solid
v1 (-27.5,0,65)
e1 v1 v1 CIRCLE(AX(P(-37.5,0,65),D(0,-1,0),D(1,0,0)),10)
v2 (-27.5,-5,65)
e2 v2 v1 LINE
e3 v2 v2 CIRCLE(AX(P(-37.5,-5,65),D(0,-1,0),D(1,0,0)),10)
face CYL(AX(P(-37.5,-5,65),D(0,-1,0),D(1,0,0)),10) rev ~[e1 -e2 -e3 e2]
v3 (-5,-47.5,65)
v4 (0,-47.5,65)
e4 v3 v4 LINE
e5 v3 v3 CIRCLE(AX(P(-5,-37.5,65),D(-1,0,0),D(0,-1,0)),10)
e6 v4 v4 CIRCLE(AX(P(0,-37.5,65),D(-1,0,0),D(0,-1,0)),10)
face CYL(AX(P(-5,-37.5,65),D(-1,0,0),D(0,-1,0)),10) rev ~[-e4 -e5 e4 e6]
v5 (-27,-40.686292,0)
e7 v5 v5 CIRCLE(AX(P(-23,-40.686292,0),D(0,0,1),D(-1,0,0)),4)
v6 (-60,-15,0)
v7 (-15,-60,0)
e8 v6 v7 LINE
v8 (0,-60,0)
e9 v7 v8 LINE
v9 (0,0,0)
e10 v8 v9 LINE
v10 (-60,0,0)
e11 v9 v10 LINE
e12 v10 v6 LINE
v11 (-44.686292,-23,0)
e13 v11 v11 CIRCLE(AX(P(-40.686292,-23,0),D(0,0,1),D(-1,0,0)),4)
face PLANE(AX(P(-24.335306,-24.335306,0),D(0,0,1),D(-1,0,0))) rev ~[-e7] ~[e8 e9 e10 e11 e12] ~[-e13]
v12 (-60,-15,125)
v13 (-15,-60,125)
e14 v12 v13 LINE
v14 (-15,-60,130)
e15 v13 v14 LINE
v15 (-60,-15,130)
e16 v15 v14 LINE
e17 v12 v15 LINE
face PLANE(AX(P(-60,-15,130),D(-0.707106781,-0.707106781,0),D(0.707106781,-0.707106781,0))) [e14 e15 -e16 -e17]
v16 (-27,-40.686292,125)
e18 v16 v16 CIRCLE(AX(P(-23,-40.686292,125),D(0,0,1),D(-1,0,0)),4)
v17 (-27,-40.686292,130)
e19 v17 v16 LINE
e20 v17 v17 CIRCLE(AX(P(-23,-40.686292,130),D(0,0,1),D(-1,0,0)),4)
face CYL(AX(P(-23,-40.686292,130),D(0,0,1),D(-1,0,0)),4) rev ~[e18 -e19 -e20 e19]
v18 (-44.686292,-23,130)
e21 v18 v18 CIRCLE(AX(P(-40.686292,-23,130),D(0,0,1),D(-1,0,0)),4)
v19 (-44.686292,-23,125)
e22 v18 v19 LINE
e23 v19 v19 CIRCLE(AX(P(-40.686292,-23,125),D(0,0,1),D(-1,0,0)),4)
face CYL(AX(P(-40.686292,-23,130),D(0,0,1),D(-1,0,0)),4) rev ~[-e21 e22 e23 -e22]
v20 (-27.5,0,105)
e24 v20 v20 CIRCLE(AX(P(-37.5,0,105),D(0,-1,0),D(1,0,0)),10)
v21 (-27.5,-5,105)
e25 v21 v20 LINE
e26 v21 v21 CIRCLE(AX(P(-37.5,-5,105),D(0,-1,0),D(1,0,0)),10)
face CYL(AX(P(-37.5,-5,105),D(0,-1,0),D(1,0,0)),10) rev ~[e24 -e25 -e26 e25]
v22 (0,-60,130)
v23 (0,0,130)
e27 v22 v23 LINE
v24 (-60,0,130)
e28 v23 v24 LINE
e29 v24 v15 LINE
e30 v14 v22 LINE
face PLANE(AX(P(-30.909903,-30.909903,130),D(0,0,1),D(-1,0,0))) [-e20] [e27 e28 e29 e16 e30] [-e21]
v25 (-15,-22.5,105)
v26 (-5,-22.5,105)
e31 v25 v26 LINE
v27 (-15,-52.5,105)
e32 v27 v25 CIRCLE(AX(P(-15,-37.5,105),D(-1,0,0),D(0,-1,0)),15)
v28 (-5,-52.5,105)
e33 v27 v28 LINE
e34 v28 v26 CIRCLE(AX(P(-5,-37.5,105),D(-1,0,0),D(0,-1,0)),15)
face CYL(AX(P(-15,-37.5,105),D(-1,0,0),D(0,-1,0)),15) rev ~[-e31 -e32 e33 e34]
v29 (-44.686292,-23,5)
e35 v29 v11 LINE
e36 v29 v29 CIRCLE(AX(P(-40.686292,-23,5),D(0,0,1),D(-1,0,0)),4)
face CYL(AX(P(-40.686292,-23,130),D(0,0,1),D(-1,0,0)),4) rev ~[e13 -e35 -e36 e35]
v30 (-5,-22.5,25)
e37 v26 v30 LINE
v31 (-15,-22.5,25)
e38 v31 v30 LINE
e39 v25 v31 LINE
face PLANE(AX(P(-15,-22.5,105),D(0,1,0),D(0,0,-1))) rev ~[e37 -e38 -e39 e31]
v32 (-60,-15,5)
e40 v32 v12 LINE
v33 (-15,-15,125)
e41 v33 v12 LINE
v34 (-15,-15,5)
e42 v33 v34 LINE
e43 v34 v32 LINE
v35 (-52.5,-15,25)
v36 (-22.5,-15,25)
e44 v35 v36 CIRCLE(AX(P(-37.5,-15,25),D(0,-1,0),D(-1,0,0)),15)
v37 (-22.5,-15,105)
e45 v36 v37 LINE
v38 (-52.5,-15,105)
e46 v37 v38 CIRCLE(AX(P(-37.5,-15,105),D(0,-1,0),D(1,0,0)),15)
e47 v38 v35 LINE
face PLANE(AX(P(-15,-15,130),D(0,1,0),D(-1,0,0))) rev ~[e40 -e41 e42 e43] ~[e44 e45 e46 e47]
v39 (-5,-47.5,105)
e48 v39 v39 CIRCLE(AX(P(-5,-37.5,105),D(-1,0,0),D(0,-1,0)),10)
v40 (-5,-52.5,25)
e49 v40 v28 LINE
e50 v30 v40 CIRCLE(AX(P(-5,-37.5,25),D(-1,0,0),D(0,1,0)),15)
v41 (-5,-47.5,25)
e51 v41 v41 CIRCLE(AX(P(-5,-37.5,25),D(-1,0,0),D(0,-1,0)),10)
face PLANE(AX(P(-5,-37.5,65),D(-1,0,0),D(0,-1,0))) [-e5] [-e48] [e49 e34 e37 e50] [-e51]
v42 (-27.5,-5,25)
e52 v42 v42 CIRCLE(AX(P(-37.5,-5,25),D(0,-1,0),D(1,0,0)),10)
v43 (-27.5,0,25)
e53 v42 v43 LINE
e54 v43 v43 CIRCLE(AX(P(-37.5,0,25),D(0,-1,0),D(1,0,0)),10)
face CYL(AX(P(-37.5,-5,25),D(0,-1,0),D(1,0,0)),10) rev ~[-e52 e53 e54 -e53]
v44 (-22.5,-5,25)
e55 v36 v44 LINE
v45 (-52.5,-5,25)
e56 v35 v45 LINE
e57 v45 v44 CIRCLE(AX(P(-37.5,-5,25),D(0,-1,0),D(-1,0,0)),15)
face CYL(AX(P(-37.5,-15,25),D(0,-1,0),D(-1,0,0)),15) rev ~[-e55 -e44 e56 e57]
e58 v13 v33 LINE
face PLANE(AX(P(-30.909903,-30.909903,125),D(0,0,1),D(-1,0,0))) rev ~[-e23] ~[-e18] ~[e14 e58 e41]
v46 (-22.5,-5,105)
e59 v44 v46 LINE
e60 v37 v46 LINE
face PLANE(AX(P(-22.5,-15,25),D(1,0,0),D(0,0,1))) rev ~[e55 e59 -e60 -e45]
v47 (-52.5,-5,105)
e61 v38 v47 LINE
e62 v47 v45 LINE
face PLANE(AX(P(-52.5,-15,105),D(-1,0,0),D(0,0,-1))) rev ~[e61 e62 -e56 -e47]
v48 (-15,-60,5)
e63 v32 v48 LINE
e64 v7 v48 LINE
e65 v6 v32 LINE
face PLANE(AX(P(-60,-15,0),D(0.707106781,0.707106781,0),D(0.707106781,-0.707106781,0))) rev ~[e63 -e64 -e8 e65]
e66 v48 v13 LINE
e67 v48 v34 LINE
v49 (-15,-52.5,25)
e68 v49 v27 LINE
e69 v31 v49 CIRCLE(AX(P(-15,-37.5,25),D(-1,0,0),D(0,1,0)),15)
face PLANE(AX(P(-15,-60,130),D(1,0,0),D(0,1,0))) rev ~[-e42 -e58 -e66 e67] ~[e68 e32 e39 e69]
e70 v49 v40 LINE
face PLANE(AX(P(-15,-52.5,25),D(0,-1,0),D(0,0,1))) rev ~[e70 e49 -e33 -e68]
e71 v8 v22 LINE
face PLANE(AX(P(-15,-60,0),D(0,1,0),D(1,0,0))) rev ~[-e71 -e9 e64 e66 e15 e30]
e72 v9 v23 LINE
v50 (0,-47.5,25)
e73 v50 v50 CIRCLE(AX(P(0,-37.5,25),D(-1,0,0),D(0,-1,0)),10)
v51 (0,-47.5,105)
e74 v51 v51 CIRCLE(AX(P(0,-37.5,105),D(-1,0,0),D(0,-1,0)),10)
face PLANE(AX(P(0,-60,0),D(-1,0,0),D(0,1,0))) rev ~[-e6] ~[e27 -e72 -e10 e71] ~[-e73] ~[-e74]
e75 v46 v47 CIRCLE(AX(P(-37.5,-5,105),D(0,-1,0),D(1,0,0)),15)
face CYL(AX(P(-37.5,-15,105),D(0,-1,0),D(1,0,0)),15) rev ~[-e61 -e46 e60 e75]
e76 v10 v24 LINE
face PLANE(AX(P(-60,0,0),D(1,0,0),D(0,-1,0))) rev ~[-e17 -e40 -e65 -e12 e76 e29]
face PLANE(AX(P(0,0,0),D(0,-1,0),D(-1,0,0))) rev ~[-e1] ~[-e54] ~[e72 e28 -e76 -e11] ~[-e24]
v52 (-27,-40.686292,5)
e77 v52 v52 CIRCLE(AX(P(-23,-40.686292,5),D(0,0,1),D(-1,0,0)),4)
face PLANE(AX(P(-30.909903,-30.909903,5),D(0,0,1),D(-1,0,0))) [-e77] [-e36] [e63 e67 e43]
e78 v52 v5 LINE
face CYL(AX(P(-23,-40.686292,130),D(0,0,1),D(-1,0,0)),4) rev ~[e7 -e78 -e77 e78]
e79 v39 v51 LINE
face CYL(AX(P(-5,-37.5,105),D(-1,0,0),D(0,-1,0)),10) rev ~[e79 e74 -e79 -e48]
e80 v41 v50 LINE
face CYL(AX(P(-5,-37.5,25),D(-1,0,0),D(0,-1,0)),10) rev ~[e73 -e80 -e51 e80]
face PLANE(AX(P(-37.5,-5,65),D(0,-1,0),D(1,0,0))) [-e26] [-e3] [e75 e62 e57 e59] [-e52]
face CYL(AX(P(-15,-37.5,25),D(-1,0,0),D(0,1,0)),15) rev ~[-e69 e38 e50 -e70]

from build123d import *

# Parameters (mm, degrees)
F1_DEPTH  = 130
F3_DEPTH  = 125
F6_DEPTH  = 10
F7_DEPTH  = 10
F9_DEPTH  = 5
F10_R     = 10
F11_DEPTH = 5.001
F12_R     = 10
F13_DEPTH = 5.001
F14_R     = 4
F15_DEPTH = 130.001
F16_ANGLE = 180


with BuildPart() as f1:
    # F0 (on Top) → F1 (new body)
    with BuildSketch(Plane.XY):
        Polygon((0, 60), (0, 0), (60, 0), (60, 15), (15, 60), align=None)
    extrude(amount=F1_DEPTH)

    # F2 (on face) → F3 (cut)
    with BuildSketch(Plane.XY.offset(130)):
        Polygon((15, 15), (60, 15), (15, 60), align=None)
    extrude(amount=-F3_DEPTH, mode=Mode.SUBTRACT)

    # F5 (on face) → F6 (cut)
    with BuildSketch(Plane.YZ.offset(15)):
        with BuildLine():
            Line((52.5, 25), (52.5, 105))
            ThreePointArc((52.5, 105), (37.5, 120), (22.5, 105))
            Line((22.5, 105), (22.5, 25))
            ThreePointArc((22.5, 25), (37.5, 10), (52.5, 25))
        make_face()
    extrude(amount=-F6_DEPTH, mode=Mode.SUBTRACT)

    # F4 (on face) → F7 (cut)
    with BuildSketch(Plane(origin=(0, 15, 0), x_dir=(-1, 0, 0), z_dir=(0, 1, 0))):
        with BuildLine():
            Line((-22.5, 25), (-22.5, 105))
            ThreePointArc((-22.5, 105), (-37.5, 120), (-52.5, 105))
            Line((-52.5, 105), (-52.5, 25))
            ThreePointArc((-52.5, 25), (-37.5, 10), (-22.5, 25))
        make_face()
    extrude(amount=-F7_DEPTH, mode=Mode.SUBTRACT)

    # F8 (on face) → F9 (join)
    with BuildSketch(Plane.XY.offset(130)):
        Polygon((15, 15), (60, 15), (15, 60), align=None)
    extrude(amount=-F9_DEPTH)

    # F10 (on face) → F11 (cut, through all)
    with BuildSketch(Plane(origin=(0, 5, 0), x_dir=(-1, 0, 0), z_dir=(0, 1, 0))):
        with Locations((-37.5, 105)):
            Circle(F10_R)
        with Locations((-37.5, 65)):
            Circle(F10_R)
        with Locations((-37.5, 25)):
            Circle(F10_R)
    extrude(amount=-F11_DEPTH, mode=Mode.SUBTRACT)

    # F12 (on face) → F13 (cut, through all)
    with BuildSketch(Plane.YZ.offset(5)):
        with Locations((37.5, 105)):
            Circle(F12_R)
        with Locations((37.5, 65)):
            Circle(F12_R)
        with Locations((37.5, 25)):
            Circle(F12_R)
    extrude(amount=-F13_DEPTH, mode=Mode.SUBTRACT)

    # F14 (on face) → F15 (cut, through all)
    with BuildSketch(Plane.XY.offset(130)):
        with Locations((40.686292, 23)):
            Circle(F14_R)
        with Locations((23, 40.686292)):
            Circle(F14_R)
    extrude(amount=-F15_DEPTH, mode=Mode.SUBTRACT)


with BuildPart() as f1_1:
    # F16: moved
    add(f1.part.rotate(Axis((0, 0, 65), (0, 0, 1)), F16_ANGLE))


solid = f1_1.part
